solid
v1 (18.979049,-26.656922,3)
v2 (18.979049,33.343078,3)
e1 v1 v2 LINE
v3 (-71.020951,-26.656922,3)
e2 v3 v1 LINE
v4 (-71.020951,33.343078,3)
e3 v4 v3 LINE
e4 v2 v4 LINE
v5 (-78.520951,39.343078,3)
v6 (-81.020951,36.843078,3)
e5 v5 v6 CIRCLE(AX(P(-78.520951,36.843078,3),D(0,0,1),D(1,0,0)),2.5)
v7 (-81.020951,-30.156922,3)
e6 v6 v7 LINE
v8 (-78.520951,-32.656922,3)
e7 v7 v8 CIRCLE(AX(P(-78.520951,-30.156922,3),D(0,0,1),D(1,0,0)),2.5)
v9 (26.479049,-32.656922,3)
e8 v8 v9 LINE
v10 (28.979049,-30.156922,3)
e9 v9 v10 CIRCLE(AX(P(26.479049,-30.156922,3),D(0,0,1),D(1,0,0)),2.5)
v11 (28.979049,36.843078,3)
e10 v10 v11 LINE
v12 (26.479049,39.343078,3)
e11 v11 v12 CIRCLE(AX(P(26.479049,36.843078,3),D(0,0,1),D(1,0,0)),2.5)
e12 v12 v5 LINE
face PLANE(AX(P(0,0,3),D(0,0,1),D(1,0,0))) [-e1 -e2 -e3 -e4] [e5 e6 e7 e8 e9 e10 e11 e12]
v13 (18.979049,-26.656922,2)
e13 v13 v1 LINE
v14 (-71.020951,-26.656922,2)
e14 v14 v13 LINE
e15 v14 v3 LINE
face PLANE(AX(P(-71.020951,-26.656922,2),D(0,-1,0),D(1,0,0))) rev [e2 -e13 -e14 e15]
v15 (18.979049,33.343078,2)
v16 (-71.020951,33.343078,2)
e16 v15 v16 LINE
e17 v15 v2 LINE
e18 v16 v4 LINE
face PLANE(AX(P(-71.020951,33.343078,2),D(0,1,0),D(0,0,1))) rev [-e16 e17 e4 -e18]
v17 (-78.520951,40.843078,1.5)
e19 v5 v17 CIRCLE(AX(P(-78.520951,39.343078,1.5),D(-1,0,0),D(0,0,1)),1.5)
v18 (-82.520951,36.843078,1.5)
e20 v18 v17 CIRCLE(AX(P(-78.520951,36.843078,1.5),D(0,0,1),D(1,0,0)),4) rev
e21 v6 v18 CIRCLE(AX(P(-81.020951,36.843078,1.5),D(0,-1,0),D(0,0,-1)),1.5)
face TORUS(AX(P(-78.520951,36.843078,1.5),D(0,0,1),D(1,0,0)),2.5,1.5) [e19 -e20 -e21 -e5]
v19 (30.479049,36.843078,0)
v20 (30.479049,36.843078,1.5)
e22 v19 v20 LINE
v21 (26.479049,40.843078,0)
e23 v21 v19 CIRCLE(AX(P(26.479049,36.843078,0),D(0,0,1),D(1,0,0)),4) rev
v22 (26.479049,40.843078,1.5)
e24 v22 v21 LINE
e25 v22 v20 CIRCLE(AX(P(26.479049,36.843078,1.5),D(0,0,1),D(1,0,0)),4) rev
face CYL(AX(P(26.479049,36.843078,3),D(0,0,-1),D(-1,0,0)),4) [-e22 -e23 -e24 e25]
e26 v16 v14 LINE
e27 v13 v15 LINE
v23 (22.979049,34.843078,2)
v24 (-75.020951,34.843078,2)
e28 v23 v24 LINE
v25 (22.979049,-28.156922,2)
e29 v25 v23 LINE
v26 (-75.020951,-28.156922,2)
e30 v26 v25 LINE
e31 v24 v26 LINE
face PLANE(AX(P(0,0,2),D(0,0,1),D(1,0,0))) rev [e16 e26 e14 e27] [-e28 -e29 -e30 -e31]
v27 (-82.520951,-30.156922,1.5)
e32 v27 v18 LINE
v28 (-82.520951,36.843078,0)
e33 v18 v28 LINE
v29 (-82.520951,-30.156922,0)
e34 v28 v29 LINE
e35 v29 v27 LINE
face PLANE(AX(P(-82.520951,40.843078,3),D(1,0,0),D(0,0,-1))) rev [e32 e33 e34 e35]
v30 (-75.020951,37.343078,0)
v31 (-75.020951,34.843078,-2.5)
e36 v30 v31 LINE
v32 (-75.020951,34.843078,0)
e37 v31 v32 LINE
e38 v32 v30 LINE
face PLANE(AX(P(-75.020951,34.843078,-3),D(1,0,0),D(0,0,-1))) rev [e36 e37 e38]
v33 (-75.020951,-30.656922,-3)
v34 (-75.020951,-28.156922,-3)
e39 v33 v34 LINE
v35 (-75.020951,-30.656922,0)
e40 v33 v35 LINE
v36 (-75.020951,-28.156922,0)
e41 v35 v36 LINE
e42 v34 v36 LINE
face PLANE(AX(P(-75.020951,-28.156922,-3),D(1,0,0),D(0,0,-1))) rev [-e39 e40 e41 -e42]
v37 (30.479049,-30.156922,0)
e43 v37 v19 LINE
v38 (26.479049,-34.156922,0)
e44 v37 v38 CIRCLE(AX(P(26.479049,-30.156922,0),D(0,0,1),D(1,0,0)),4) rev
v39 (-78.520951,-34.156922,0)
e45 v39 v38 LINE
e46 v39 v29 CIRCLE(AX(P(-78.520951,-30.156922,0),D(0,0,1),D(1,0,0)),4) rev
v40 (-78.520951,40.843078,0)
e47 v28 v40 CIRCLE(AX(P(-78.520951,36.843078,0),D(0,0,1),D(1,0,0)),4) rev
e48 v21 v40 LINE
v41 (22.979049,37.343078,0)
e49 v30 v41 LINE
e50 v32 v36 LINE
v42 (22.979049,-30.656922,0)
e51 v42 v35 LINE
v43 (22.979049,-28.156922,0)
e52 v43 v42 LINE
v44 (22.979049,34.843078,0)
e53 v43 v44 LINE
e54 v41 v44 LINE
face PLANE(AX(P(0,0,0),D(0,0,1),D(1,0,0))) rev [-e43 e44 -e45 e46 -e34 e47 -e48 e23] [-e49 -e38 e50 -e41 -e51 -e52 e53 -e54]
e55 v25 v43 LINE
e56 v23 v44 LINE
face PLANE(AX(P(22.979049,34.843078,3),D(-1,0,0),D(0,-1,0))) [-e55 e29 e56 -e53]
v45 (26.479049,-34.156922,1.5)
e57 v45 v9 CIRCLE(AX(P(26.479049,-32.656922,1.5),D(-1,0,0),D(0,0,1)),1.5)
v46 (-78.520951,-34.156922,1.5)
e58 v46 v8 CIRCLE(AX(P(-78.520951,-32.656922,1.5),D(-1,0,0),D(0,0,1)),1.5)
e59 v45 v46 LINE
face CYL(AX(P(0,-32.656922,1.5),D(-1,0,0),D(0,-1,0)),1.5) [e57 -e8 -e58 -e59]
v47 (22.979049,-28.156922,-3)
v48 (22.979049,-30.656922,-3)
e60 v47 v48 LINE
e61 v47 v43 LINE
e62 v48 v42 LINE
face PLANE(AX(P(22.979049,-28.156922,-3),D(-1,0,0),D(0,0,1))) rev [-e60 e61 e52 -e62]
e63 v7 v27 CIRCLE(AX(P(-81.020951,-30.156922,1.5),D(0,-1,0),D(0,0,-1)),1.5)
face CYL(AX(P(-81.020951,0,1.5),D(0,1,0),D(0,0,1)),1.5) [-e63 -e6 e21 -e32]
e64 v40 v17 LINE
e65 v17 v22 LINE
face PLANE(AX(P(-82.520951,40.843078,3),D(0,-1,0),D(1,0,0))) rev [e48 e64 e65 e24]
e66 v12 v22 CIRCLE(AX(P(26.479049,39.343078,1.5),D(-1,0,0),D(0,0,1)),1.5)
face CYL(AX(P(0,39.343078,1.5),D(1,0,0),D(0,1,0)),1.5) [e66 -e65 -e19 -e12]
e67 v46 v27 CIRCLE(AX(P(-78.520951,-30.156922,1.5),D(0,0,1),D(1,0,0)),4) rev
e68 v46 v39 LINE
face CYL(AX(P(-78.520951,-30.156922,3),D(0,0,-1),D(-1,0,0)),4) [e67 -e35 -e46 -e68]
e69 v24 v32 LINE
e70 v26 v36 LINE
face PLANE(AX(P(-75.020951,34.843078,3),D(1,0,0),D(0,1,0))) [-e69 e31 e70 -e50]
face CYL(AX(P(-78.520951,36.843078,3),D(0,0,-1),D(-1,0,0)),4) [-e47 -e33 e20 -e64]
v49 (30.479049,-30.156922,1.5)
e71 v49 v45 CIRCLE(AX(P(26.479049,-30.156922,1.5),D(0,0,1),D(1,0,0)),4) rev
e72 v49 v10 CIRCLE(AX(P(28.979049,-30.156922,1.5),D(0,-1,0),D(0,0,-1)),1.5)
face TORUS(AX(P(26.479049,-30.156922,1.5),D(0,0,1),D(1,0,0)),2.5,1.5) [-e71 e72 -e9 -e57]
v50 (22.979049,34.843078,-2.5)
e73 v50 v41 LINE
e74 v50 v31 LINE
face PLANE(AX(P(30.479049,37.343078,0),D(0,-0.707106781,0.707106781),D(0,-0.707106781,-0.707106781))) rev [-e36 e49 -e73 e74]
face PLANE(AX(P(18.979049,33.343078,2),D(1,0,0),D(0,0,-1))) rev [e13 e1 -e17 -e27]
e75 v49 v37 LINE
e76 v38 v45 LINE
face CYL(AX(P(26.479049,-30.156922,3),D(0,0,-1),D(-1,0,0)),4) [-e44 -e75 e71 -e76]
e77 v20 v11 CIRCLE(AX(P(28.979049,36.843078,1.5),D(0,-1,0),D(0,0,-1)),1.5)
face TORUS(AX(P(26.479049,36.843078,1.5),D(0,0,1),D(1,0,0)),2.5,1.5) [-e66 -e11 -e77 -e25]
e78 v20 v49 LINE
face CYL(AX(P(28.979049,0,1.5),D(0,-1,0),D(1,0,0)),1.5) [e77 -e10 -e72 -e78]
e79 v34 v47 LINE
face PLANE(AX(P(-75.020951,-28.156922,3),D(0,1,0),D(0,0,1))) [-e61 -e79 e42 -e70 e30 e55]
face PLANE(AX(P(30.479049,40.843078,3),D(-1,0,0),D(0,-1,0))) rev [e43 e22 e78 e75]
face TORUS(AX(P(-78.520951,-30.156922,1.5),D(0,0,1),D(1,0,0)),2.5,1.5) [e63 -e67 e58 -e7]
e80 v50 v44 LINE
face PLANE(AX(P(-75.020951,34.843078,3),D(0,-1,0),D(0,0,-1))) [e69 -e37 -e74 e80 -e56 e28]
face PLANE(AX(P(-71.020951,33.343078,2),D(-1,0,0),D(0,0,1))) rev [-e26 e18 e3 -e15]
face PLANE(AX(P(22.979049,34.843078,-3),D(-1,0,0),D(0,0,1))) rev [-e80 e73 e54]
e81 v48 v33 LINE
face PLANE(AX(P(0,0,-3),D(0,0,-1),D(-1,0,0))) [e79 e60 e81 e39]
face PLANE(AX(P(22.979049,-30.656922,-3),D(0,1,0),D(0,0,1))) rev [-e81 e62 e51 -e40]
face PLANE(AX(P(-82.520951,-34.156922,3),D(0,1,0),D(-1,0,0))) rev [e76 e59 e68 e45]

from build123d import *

# Parameters (mm, degrees)
SKETCH1_W               = 113
SKETCH1_H               = 75
SKETCH1_W_2             = 98
SKETCH1_H_2             = 63
BOSS_EXTRUDE1_DEPTH     = 3
FILLET1_R               = 4
SKETCH2_W               = 98
SKETCH2_H               = 2.5
BOSS_EXTRUDE2_DEPTH     = 3
FILLET2_R               = 1.5
SKETCH3_W               = 98
SKETCH3_H               = 63
SKETCH3_W_2             = 90
SKETCH3_H_2             = 60
BOSS_EXTRUDE3_DEPTH     = 1
CUT_EXTRUDE1_DEPTH      = 114.169815067
CUT_EXTRUDE1_DEPTH_BACK = 114.169815067


with BuildPart() as part:
    # Sketch1 → Boss-Extrude1 (new body)
    with BuildSketch(Plane.XY):
        with Locations((-26.020950744, 3.343078266)):
            Rectangle(SKETCH1_W, SKETCH1_H)
        with Locations((-26.020950744, 3.343078266)):
            Rectangle(SKETCH1_W_2, SKETCH1_H_2, mode=Mode.SUBTRACT)
    extrude(amount=BOSS_EXTRUDE1_DEPTH)

    # Fillet1
    fillet1_edges = [part.edges().sort_by_distance(p)[0] for p in [
        (-82.520950744, 40.843078266, 1.5),
        (30.479049256, 40.843078266, 1.5),
        (30.479049256, -34.156921734, 1.5),
        (-82.520950744, -34.156921734, 1.5),
    ]]
    fillet(fillet1_edges, radius=FILLET1_R)

    # Sketch2 → Boss-Extrude2 (add)
    with BuildSketch(Plane(origin=(0, 0, 0), x_dir=(-1, 0, 0), z_dir=(0, 0, -1))):
        with Locations((26.020950744, 36.093078266)):
            Rectangle(SKETCH2_W, SKETCH2_H)
        with Locations((26.020950744, -29.406921734)):
            Rectangle(SKETCH2_W, SKETCH2_H)
    extrude(amount=BOSS_EXTRUDE2_DEPTH)

    # Fillet2
    fillet2_edges = [part.edges().sort_by_distance(p)[0] for p in [
        (-82.520950744, 3.343078266, 3),
        (-26.020950744, 40.843078266, 3),
        (-26.020950744, -34.156921734, 3),
        (30.479049256, 3.343078266, 3),
        (29.307476381, 39.67150539, 3),
        (29.307476381, -32.985348859, 3),
        (-81.349377868, -32.985348859, 3),
        (-81.349377868, 39.67150539, 3),
    ]]
    fillet(fillet2_edges, radius=FILLET2_R)

    # Sketch3 → Boss-Extrude3 (add)
    with BuildSketch(Plane.XY.offset(3)):
        with Locations((-26.020950744, 3.343078266)):
            Rectangle(SKETCH3_W, SKETCH3_H)
        with Locations((-26.020950744, 3.343078266)):
            Rectangle(SKETCH3_W_2, SKETCH3_H_2, mode=Mode.SUBTRACT)
    extrude(amount=-BOSS_EXTRUDE3_DEPTH)

    # Sketch4 → Cut-Extrude1 (cut, two sides: drawn at the far end of the back side and taken through both)
    with BuildSketch(Plane.ZY.offset(75.020950744).offset(-CUT_EXTRUDE1_DEPTH_BACK)):
        Polygon((0, 37.343078266), (-2.5, 34.843078266), (-3, 34.843078266), (-3, 37.343078266), align=None)
    extrude(amount=CUT_EXTRUDE1_DEPTH + CUT_EXTRUDE1_DEPTH_BACK, mode=Mode.SUBTRACT)


solid = part.part
